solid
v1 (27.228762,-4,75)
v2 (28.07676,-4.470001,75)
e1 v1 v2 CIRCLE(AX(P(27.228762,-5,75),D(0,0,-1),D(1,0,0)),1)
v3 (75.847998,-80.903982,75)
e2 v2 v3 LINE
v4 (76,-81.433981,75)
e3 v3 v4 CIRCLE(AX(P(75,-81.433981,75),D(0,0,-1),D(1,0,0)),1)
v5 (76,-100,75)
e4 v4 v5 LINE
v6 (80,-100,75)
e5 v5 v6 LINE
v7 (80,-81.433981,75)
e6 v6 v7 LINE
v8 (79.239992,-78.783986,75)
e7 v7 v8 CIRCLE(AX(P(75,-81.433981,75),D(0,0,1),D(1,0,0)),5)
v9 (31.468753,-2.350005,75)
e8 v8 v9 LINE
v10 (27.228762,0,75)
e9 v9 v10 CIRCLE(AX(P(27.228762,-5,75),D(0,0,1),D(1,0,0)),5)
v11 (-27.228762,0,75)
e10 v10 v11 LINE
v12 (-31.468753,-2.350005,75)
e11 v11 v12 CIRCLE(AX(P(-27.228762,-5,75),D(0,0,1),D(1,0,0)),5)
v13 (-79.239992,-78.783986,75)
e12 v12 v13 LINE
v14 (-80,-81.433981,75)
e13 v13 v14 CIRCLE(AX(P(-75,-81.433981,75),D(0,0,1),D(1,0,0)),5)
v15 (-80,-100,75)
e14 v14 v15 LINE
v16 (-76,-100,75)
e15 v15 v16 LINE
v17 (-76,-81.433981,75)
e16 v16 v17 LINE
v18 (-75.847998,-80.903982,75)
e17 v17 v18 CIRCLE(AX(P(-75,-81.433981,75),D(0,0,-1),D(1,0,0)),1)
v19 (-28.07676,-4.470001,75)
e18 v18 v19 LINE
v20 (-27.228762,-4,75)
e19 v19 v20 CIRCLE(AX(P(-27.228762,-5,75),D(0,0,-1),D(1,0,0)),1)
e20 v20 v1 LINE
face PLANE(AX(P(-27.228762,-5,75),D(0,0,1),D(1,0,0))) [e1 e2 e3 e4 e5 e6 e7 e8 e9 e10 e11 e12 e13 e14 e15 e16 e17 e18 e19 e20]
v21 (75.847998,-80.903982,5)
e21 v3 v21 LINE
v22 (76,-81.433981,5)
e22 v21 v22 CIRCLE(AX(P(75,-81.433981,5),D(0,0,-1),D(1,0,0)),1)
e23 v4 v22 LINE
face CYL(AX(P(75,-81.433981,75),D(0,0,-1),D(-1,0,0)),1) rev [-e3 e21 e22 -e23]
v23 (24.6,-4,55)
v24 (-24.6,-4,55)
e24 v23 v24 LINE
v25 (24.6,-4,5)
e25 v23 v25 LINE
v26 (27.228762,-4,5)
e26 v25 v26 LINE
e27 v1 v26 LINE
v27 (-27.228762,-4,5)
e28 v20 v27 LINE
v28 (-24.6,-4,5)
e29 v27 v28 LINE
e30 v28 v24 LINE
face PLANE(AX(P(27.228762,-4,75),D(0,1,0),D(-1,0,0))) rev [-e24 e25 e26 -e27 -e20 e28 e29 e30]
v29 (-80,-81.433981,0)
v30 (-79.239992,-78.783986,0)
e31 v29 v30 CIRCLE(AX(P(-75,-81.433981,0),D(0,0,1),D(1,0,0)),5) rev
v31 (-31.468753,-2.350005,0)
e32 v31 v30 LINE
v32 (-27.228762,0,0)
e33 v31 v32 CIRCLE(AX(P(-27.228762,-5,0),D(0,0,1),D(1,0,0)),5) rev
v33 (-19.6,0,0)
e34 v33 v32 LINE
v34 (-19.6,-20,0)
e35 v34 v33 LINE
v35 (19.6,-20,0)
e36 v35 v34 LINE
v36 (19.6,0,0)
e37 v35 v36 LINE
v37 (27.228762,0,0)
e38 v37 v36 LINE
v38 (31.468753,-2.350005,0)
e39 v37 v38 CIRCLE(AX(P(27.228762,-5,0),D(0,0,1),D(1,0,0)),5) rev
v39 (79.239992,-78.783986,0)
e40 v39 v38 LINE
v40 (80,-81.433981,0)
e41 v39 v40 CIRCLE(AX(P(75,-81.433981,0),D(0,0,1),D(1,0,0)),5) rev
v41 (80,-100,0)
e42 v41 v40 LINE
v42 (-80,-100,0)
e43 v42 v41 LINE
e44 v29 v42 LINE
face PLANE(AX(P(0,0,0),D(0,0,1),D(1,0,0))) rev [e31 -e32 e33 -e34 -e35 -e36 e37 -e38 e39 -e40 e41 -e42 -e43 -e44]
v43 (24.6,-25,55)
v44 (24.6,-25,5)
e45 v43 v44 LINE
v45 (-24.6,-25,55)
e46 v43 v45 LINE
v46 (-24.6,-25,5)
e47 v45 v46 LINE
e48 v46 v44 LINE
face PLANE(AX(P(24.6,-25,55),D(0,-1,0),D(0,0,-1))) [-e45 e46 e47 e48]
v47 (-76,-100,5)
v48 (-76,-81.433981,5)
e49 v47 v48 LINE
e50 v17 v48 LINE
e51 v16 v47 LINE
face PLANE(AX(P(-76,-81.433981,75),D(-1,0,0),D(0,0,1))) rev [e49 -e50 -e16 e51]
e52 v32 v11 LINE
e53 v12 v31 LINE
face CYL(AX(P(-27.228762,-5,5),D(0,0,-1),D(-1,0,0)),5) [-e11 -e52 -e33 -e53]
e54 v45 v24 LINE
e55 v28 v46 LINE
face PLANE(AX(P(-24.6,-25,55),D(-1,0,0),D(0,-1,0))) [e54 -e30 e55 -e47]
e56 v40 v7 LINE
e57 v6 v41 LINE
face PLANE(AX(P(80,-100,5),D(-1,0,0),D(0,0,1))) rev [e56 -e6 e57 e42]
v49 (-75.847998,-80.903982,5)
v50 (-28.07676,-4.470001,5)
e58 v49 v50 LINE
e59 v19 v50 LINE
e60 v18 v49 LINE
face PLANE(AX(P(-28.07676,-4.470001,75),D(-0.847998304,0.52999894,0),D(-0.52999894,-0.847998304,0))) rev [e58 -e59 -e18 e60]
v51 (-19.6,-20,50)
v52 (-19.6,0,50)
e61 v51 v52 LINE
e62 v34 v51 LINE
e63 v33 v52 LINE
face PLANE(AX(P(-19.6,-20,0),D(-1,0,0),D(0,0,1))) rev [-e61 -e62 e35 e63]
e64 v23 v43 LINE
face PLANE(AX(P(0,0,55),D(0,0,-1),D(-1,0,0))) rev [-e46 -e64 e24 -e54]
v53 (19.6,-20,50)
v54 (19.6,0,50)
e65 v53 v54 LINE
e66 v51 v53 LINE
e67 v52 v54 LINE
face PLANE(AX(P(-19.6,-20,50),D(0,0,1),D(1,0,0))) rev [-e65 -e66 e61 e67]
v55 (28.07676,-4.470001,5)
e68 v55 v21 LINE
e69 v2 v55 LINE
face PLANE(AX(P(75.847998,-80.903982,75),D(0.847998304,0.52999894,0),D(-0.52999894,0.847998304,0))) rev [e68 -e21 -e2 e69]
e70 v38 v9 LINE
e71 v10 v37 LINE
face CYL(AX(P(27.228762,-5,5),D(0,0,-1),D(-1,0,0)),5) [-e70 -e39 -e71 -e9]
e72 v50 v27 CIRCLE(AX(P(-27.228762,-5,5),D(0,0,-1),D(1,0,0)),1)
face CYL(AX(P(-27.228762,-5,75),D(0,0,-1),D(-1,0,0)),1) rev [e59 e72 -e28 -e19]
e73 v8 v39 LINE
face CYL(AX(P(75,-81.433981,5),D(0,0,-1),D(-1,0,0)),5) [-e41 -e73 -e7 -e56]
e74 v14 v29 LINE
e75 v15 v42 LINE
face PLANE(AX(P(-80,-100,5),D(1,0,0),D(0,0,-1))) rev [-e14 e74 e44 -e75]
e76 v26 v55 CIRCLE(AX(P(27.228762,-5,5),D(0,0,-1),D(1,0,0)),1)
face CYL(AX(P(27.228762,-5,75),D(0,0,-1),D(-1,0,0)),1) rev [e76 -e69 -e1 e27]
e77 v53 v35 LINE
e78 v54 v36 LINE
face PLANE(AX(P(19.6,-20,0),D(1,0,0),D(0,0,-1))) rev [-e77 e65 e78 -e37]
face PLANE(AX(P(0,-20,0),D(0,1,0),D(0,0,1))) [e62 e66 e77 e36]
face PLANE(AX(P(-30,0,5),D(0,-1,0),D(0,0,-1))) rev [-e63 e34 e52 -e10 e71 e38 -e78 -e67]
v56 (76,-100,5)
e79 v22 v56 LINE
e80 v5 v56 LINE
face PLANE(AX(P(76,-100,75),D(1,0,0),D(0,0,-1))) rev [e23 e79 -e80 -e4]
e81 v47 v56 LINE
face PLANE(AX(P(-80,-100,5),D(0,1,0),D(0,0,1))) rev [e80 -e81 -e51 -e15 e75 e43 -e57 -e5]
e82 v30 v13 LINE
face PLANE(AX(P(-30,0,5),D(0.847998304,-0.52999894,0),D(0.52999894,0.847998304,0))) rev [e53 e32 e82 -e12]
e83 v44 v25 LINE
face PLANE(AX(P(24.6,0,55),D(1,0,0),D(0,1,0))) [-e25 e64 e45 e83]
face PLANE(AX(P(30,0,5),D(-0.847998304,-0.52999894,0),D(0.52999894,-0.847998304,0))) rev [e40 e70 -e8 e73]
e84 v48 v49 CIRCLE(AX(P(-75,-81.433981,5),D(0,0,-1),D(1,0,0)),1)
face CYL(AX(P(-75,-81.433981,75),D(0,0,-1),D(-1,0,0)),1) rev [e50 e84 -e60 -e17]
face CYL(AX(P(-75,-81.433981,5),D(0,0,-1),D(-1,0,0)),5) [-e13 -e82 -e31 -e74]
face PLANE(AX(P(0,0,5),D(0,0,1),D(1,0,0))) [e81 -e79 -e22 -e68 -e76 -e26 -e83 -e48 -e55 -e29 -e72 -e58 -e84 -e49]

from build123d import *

# Parameters (mm, degrees)
BOSS_EXTRUDE1_DEPTH = 5
FILLET1_R           = 5
FILLET2_R           = 5
FILLET3_R           = 5
FILLET4_R           = 5
BOSS_EXTRUDE2_START = 70
BOSS_EXTRUDE2_DEPTH = 70
SKETCH3_W           = 49.2
SKETCH3_H           = 25
BOSS_EXTRUDE3_DEPTH = 55
SKETCH4_W           = 39.2
SKETCH4_H           = 50
CUT_EXTRUDE1_DEPTH  = 20


with BuildPart() as part:
    # Sketch1 → Boss-Extrude1 (new body)
    with BuildSketch(Plane.XY):
        Polygon((-30, 0), (30, 0), (80, -80), (80, -100), (-80, -100), (-80, -80), align=None)
    extrude(amount=BOSS_EXTRUDE1_DEPTH)

    # Fillet1
    fillet1_edges = [part.edges().sort_by_distance(p)[0] for p in [
        (-30, 0, 2.5),
    ]]
    fillet(fillet1_edges, radius=FILLET1_R)

    # Fillet2
    fillet2_edges = [part.edges().sort_by_distance(p)[0] for p in [
        (30, 0, 2.5),
    ]]
    fillet(fillet2_edges, radius=FILLET2_R)

    # Fillet3
    fillet3_edges = [part.edges().sort_by_distance(p)[0] for p in [
        (80, -80, 2.5),
    ]]
    fillet(fillet3_edges, radius=FILLET3_R)

    # Fillet4
    fillet4_edges = [part.edges().sort_by_distance(p)[0] for p in [
        (-80, -80, 2.5),
    ]]
    fillet(fillet4_edges, radius=FILLET4_R)

    # Sketch2 → Boss-Extrude2 (add)
    with BuildSketch(Plane.XY.offset(5).offset(BOSS_EXTRUDE2_START)):
        with BuildLine():
            Line((76, -100), (76, -81.433981132))
            ThreePointArc((76, -81.433981132), (75.961248746, -81.158298619), (75.847998304, -80.903982192))
            Line((75.847998304, -80.903982192), (28.076760096, -4.47000106))
            ThreePointArc((28.076760096, -4.47000106), (27.713530325, -4.125357519), (27.228761792, -4))
            Line((27.228761792, -4), (-27.228761792, -4))
            ThreePointArc((-27.228761792, -4), (-27.713530325, -4.125357519), (-28.076760096, -4.47000106))
            Line((-28.076760096, -4.47000106), (-75.847998304, -80.903982192))
            ThreePointArc((-75.847998304, -80.903982192), (-75.961248746, -81.158298619), (-76, -81.433981132))
            Line((-76, -81.433981132), (-76, -100))
            Line((-76, -100), (-80, -100))
            Line((-80, -100), (-80, -81.433981132))
            ThreePointArc((-80, -81.433981132), (-79.806243731, -80.055568567), (-79.23999152, -78.783986432))
            Line((-79.23999152, -78.783986432), (-31.468753312, -2.3500053))
            ThreePointArc((-31.468753312, -2.3500053), (-29.652604454, -0.626787594), (-27.228761792, 0))
            Line((-27.228761792, 0), (27.228761792, 0))
            ThreePointArc((27.228761792, 0), (29.652604454, -0.626787594), (31.468753312, -2.3500053))
            Line((31.468753312, -2.3500053), (79.23999152, -78.783986432))
            ThreePointArc((79.23999152, -78.783986432), (79.806243731, -80.055568567), (80, -81.433981132))
            Line((80, -81.433981132), (80, -100))
            Line((80, -100), (76, -100))
        make_face()
    extrude(amount=-BOSS_EXTRUDE2_DEPTH)

    # Sketch3 → Boss-Extrude3 (add)
    with BuildSketch(Plane(origin=(0, 0, 0), x_dir=(-1, 0, 0), z_dir=(0, 0, -1))):
        with Locations((0, -12.5)):
            Rectangle(SKETCH3_W, SKETCH3_H)
    extrude(amount=-BOSS_EXTRUDE3_DEPTH)

    # Sketch4 → Cut-Extrude1 (cut)
    with BuildSketch(Plane(origin=(0, 0, 0), x_dir=(1, 0, 0), z_dir=(0, 1, 0))):
        with Locations((0, -25)):
            Rectangle(SKETCH4_W, SKETCH4_H)
    extrude(amount=-CUT_EXTRUDE1_DEPTH, mode=Mode.SUBTRACT)


solid = part.part
